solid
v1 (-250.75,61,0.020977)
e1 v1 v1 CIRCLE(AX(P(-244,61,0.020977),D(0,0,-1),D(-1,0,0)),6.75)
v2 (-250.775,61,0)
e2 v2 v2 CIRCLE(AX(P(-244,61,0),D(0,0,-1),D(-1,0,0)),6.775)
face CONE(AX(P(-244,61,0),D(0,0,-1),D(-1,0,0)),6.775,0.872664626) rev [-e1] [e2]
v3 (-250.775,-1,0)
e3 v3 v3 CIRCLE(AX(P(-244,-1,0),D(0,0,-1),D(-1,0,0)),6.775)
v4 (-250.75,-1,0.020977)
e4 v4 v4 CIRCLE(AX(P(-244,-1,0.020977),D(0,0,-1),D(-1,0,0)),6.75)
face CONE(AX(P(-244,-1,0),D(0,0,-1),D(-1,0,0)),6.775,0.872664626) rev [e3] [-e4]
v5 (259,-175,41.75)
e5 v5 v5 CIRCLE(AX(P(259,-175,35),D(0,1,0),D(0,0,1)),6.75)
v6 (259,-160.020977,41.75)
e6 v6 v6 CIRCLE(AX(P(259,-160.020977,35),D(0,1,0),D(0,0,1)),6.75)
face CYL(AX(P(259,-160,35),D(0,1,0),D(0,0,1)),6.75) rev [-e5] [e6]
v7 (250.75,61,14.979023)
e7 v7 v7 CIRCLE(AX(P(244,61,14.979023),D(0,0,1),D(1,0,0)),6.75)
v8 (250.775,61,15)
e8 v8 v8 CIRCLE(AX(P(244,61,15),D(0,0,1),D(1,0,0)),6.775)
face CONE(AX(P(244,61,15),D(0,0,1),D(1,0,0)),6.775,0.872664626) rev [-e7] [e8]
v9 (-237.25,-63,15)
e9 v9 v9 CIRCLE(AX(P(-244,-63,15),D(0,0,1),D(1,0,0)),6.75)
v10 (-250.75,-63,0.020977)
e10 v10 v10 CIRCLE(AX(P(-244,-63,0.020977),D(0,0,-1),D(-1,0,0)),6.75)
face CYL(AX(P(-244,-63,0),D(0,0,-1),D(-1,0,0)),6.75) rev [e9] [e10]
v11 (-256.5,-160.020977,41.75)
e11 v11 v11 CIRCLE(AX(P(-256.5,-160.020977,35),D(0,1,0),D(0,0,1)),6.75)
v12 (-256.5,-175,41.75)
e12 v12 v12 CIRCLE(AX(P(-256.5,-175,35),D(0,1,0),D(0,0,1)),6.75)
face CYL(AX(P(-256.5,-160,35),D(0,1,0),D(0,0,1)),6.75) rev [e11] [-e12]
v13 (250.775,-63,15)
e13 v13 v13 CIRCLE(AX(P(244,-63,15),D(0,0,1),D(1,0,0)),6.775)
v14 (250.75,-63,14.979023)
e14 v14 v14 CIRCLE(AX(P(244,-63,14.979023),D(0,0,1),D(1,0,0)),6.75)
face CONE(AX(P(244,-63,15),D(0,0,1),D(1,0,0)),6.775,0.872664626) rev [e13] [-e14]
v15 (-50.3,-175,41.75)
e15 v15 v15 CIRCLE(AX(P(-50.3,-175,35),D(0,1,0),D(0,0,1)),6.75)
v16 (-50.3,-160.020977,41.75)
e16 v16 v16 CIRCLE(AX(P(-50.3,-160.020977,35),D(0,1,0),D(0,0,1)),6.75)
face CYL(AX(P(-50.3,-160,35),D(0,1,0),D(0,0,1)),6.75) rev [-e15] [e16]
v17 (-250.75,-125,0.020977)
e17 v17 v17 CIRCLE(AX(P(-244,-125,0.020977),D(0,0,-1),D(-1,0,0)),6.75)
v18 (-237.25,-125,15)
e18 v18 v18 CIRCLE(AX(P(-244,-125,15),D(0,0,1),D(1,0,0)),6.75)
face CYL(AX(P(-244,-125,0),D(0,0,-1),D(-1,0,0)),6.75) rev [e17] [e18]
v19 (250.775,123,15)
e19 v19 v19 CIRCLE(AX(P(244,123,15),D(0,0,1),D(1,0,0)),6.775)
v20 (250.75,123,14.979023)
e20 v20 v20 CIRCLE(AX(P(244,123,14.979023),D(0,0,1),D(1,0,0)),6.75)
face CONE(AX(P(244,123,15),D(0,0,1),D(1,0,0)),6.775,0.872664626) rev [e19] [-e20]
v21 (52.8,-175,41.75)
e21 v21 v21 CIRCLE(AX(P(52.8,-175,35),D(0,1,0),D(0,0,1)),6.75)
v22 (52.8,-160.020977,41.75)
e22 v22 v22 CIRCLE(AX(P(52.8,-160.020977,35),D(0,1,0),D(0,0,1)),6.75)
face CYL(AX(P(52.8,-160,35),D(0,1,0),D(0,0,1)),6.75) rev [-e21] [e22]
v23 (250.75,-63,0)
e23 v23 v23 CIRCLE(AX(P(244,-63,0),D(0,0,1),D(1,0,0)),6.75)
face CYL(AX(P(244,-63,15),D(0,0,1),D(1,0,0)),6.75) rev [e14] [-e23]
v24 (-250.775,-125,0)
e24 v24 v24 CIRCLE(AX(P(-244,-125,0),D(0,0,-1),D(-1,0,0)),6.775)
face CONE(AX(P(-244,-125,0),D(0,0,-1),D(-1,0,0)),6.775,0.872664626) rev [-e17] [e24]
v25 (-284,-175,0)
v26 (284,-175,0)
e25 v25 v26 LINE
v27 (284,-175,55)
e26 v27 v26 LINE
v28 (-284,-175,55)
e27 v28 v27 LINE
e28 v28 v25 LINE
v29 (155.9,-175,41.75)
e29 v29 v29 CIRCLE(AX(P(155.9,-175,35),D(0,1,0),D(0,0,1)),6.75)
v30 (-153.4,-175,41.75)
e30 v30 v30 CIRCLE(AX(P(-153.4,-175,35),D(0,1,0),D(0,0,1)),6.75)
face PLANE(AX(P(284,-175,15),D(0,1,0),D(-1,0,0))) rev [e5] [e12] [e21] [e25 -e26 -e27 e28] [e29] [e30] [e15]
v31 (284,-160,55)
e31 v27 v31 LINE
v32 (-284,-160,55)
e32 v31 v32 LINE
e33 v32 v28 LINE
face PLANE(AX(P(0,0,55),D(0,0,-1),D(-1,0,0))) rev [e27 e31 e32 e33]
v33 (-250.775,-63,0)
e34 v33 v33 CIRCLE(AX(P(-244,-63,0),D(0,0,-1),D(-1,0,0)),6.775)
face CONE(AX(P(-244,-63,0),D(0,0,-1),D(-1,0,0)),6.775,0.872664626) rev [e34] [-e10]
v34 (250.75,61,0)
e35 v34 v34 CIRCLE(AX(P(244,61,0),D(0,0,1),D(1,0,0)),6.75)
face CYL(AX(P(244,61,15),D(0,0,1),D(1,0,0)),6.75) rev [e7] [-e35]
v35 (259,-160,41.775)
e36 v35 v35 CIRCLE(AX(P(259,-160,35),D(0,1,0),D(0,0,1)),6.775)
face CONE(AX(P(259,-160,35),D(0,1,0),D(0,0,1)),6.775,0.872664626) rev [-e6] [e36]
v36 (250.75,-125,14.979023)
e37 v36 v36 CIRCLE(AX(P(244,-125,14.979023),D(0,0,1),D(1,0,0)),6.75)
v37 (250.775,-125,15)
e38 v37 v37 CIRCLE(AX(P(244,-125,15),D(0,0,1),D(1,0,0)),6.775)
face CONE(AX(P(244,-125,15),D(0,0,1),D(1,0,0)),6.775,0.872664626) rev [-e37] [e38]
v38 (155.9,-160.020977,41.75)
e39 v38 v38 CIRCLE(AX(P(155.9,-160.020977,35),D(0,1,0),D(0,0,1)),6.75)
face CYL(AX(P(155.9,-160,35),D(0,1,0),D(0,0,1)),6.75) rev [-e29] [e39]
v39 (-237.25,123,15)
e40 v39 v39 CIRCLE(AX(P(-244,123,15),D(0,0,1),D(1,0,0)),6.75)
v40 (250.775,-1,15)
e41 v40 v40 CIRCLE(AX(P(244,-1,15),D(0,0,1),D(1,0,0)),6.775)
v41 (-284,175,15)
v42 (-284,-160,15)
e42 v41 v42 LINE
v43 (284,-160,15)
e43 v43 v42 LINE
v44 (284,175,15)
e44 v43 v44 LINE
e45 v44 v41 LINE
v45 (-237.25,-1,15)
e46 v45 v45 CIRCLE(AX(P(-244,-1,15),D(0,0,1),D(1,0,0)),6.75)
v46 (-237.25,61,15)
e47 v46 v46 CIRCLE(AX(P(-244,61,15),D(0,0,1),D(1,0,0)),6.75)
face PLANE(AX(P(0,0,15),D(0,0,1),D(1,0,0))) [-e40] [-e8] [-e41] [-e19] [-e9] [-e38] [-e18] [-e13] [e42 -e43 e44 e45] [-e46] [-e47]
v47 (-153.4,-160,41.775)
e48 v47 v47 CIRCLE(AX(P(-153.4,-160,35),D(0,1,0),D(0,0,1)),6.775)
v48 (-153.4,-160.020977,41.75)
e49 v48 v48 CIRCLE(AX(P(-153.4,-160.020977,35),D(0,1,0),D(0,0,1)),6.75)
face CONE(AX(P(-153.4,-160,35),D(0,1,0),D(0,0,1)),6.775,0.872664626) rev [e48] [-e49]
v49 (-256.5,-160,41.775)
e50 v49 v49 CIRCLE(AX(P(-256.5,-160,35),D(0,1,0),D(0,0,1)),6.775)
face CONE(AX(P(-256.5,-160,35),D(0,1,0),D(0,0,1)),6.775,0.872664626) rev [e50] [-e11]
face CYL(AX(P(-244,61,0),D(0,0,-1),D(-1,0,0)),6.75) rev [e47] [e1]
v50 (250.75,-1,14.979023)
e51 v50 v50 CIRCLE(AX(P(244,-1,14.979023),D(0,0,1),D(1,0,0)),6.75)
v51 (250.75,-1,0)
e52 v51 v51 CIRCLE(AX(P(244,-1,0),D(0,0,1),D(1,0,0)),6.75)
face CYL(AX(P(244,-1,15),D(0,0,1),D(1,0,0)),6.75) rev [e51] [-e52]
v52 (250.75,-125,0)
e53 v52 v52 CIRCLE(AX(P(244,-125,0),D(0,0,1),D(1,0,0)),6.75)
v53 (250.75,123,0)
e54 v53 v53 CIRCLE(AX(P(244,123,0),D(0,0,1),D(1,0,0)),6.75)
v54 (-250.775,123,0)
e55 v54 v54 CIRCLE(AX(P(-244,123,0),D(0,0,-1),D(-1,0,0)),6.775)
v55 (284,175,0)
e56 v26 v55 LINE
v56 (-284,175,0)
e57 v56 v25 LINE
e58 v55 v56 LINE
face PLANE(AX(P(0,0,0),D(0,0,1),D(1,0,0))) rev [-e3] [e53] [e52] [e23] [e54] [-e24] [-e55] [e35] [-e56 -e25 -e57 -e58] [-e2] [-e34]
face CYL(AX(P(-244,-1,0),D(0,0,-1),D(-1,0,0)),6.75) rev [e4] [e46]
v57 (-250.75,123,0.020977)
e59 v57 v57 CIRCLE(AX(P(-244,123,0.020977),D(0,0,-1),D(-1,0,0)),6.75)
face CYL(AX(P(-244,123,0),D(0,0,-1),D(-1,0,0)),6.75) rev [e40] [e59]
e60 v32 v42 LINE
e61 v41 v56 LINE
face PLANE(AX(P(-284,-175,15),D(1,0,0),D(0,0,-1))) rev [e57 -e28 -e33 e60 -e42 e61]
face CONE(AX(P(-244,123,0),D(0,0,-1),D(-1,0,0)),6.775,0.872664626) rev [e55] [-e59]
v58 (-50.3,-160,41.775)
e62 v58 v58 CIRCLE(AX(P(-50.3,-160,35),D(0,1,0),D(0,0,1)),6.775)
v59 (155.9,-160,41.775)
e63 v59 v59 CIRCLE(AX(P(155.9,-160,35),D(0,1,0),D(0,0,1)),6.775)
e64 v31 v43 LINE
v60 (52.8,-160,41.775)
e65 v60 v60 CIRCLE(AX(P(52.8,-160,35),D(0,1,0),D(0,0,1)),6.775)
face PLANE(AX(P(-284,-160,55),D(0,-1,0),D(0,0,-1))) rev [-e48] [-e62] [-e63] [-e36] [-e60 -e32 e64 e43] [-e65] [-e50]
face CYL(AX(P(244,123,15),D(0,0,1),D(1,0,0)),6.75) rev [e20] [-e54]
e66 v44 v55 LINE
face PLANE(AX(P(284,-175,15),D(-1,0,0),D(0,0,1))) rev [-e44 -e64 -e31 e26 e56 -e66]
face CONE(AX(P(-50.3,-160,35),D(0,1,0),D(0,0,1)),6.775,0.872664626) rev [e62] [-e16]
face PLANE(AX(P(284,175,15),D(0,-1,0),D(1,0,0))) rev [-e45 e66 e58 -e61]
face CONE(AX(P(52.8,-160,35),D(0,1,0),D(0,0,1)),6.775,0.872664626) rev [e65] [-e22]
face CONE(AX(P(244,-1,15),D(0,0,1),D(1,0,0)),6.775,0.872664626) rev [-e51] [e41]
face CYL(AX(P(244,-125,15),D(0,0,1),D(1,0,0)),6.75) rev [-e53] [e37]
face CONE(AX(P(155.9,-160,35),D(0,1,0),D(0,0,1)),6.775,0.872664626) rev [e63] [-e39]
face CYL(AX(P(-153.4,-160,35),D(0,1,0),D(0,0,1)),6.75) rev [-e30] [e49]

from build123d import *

# Parameters (mm, degrees)
SKETCH1_W                       = 568
SKETCH1_H                       = 350
BOSS_EXTRUDE1_DEPTH             = 15
SKETCH4_W                       = 568
SKETCH4_H                       = 15
BOSS_EXTRUDE3_DEPTH             = 40
M12_CLEARANCE_HOLE2_D           = 13.5
M12_CLEARANCE_HOLE2_CSINK_D     = 13.55
M12_CLEARANCE_HOLE2_CSINK_ANGLE = 100
LPATTERN1_COUNT                 = 5
LPATTERN1_PITCH                 = 62
M12_CLEARANCE_HOLE3_D           = 13.5
M12_CLEARANCE_HOLE3_CSINK_D     = 13.55
M12_CLEARANCE_HOLE3_CSINK_ANGLE = 100
LPATTERN2_COUNT                 = 5
LPATTERN2_PITCH                 = 62
M12_CLEARANCE_HOLE4_D           = 13.5
M12_CLEARANCE_HOLE4_CSINK_D     = 13.55
M12_CLEARANCE_HOLE4_CSINK_ANGLE = 100
LPATTERN3_COUNT                 = 6
LPATTERN3_PITCH                 = 103.1


with BuildPart() as part:
    # Sketch1 → Boss-Extrude1 (new body)
    with BuildSketch(Plane.XY):
        Rectangle(SKETCH1_W, SKETCH1_H)
    extrude(amount=BOSS_EXTRUDE1_DEPTH)

    # Sketch4 → Boss-Extrude3 (add)
    with BuildSketch(Plane.XY.offset(15)):
        with Locations((0, -167.5)):
            Rectangle(SKETCH4_W, SKETCH4_H)
    extrude(amount=BOSS_EXTRUDE3_DEPTH)

    # M12 Clearance Hole2 (through all)
    with Locations(Plane.XY.offset(15)):
        with Locations((244, 123)):
            m12_clearance_hole2 = CounterSinkHole(M12_CLEARANCE_HOLE2_D / 2, M12_CLEARANCE_HOLE2_CSINK_D / 2, counter_sink_angle=M12_CLEARANCE_HOLE2_CSINK_ANGLE)

    # LPattern1: M12 Clearance Hole2 ×5
    with Locations(*[(0, -i * LPATTERN1_PITCH, 0) for i in range(1, LPATTERN1_COUNT)]):
        add(m12_clearance_hole2, mode=Mode.SUBTRACT)

    # M12 Clearance Hole3 (through all)
    with Locations(Plane(origin=(0, 0, 0), x_dir=(1, 0, 0), z_dir=(0, 0, -1))):
        with Locations((-244, -123)):
            m12_clearance_hole3 = CounterSinkHole(M12_CLEARANCE_HOLE3_D / 2, M12_CLEARANCE_HOLE3_CSINK_D / 2, counter_sink_angle=M12_CLEARANCE_HOLE3_CSINK_ANGLE)

    # LPattern2: M12 Clearance Hole3 ×5
    with Locations(*[(0, -i * LPATTERN2_PITCH, 0) for i in range(1, LPATTERN2_COUNT)]):
        add(m12_clearance_hole3, mode=Mode.SUBTRACT)

    # M12 Clearance Hole4 (through all)
    with Locations(Plane(origin=(0, -160, 0), x_dir=(1, 0, 0), z_dir=(0, 1, 0))):
        with Locations((259, -35)):
            m12_clearance_hole4 = CounterSinkHole(M12_CLEARANCE_HOLE4_D / 2, M12_CLEARANCE_HOLE4_CSINK_D / 2, counter_sink_angle=M12_CLEARANCE_HOLE4_CSINK_ANGLE)

    # LPattern3: M12 Clearance Hole4 ×6
    with Locations(*[(-i * LPATTERN3_PITCH, 0, 0) for i in range(1, LPATTERN3_COUNT)]):
        add(m12_clearance_hole4, mode=Mode.SUBTRACT)


solid = part.part
